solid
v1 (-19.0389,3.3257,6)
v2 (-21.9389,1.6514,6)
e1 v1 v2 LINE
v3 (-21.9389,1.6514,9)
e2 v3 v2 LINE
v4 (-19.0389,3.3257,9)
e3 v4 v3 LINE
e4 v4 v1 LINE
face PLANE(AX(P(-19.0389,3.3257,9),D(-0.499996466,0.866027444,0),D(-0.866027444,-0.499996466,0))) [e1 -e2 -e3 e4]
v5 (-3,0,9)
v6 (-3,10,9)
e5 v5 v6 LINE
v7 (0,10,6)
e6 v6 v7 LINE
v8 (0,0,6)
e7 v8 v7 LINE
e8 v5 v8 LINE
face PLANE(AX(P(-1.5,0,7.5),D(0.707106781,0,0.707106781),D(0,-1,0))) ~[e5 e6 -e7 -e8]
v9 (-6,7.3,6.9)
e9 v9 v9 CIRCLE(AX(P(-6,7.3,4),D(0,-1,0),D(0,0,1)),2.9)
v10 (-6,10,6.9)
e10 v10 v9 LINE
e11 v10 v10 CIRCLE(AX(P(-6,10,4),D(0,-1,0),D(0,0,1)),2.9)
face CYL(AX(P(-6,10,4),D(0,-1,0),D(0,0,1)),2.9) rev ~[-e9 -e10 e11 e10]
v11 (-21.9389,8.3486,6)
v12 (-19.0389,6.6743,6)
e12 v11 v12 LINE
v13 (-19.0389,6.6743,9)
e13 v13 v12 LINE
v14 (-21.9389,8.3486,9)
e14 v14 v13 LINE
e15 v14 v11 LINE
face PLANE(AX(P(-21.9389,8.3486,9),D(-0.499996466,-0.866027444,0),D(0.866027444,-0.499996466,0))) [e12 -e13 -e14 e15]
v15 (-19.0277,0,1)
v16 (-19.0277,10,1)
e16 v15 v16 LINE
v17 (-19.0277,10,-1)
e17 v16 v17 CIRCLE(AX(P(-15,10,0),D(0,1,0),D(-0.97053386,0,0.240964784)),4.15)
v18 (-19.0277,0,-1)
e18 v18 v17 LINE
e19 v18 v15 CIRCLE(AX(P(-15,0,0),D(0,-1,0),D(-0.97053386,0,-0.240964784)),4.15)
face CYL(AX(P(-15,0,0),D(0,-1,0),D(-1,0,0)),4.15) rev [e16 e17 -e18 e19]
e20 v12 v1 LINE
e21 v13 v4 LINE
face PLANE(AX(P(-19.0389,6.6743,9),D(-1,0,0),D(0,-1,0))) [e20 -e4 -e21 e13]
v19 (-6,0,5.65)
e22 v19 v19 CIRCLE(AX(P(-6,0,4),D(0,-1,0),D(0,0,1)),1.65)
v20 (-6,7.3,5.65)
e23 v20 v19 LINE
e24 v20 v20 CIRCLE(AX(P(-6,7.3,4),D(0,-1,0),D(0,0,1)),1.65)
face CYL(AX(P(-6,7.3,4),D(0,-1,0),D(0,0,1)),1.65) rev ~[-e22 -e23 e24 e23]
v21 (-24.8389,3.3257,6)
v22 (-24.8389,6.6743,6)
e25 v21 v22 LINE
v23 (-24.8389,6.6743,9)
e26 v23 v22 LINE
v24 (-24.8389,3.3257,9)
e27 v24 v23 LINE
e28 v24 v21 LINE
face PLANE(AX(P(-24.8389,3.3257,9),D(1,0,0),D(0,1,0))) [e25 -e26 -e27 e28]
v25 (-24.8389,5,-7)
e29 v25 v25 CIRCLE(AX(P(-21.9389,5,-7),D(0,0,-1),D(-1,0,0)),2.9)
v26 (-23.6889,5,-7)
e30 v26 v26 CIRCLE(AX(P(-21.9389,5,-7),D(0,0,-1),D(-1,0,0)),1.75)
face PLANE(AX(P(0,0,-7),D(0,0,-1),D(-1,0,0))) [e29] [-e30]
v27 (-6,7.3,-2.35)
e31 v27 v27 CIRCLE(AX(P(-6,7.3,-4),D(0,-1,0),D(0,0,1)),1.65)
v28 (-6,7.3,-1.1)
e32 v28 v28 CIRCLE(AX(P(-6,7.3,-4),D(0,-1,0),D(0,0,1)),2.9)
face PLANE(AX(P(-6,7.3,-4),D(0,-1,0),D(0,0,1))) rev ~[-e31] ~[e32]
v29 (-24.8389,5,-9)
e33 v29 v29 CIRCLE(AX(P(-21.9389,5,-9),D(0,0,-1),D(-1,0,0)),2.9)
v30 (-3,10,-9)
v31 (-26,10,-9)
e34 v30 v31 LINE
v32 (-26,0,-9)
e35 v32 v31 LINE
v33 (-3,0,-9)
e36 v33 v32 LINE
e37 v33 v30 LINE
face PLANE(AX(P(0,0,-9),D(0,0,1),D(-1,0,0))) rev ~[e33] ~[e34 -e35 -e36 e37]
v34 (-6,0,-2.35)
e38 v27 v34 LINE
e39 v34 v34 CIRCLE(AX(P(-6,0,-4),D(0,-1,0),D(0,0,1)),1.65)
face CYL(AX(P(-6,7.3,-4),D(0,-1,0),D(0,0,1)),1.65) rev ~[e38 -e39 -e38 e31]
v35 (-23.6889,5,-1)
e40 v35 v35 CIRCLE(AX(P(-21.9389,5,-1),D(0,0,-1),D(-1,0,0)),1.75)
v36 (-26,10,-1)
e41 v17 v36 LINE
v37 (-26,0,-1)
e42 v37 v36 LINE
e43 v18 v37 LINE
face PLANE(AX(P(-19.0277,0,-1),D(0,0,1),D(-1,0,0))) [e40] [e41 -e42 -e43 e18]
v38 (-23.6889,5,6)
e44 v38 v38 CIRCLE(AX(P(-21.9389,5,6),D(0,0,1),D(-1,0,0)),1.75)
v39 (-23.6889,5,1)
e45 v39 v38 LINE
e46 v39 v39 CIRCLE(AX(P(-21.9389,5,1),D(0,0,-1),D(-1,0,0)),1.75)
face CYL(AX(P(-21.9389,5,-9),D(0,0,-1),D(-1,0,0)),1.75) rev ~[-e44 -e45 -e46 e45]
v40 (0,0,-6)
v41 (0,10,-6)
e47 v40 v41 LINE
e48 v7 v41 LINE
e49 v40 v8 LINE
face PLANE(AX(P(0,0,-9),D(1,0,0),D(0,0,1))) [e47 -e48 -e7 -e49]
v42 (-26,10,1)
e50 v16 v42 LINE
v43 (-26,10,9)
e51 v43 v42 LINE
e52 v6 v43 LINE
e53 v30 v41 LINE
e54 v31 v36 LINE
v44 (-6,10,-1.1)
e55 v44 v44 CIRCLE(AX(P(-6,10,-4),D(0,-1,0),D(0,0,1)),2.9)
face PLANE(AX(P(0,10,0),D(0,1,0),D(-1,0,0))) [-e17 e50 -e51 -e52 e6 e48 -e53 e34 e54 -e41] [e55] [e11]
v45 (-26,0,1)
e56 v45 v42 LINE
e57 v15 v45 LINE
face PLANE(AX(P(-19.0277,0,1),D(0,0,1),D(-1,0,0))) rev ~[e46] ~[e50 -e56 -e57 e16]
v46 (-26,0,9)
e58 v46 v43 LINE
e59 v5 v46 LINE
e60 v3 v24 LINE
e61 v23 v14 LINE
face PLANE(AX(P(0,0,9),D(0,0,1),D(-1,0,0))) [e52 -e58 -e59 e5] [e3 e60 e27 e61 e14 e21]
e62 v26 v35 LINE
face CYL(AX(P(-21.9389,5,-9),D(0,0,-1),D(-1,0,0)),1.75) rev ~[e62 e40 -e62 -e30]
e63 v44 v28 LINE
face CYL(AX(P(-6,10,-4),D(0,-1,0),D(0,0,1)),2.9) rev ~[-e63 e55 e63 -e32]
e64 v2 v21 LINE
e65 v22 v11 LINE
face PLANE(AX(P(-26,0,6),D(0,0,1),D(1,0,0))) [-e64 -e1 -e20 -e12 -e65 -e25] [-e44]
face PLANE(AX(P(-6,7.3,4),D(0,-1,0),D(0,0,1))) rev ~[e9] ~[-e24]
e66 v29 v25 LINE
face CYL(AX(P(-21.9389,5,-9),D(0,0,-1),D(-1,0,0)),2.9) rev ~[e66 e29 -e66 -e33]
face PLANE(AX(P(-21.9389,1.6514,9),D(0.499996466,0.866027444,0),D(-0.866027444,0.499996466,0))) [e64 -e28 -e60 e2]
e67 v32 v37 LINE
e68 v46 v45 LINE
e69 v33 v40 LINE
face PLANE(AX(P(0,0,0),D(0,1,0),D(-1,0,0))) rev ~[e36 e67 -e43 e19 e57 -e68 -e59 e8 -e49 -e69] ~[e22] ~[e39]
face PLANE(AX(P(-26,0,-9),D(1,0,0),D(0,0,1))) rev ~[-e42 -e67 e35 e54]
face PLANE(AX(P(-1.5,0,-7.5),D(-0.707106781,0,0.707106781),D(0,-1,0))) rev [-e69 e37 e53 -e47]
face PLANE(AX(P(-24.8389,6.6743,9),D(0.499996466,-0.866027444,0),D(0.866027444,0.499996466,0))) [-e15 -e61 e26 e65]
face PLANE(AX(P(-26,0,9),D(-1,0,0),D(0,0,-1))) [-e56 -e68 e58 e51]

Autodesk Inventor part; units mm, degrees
ref_plane "YZ Plane" through (0, 0, 0) normal (1, 0, 0) x (0, 1, 0)
ref_plane "XZ Plane" through (0, 0, 0) normal (0, 1, 0) x (-1, 0, 0)
ref_plane "XY Plane" through (0, 0, 0) normal (0, 0, 1) x (1, 0, 0)
sketch "Sketch1" plane through (0, 0, 0) normal (0, 1, 0) x (-1, 0, 0)
  line L0 (10.85, 0) -> (0, 0)
  line L1 (0, -9) -> (26, -9)
  line L2 (26, -9) -> (26, -1)
  circle A0 centre (15, 0) radius 4.15
  line L3 (19.0277, -1) -> (26, -1)
  line L4 (0, 9) -> (26, 9)
  line L5 (26, 9) -> (26, 1)
  circle A1 centre (15, 0) radius 4.15
  line L6 (19.0277, 1) -> (26, 1)
  line L7 (0, -9) -> (0, 0)
  line L8 (0, 9) -> (0, 0)
  point P0 (19.0277, 1)
  dimension "d2" = 1
  dimension "d3" = 9
  dimension "d4" = 8.3
  dimension "d27" = 15
  dimension "d28" = 26
extrude "Extrusion1" add sketch "Sketch1" along normal blind 10 contours A0 L3 L2 L1 L7 L0 | L0 L8 L4 L5 L6 A0
sketch "Sketch7" plane through (0, 10, 0) normal (0, 1, 0) x (1, 0, 0)
  line L0 (0, -9) -> (0, 9) projected
  line L1 (-31.2, 0) -> (5.2, 0) projected
  arc A0 (-19.0277, -1) -> (-19.0277, 1) centre (-15, 0) ccw projected
  point P0 (0, 0)
  point P1 (-6, -4)
  point P2 (0, 0)
  point P3 (-6, 4)
  dimension "d44" = 8
  dimension "d45" = 9
hole "Hole1" at (-6, 10, 4) at (-6, 10, -4) direction (0, -1, 0) diameter 3.3 end through all counterbore diameter 5.8 counterbore depth 2.7
sketch "Sketch3" plane through (0, 0, -9) normal (0, 0, -1) x (-1, 0, 0)
  circle A0 centre (21.9389, 5) radius 1.75
  line L0 (26, 0) -> (26, 10) projected
  line L1 (10.85, 10) -> (19.0277, 10) projected
  point P0 (0, 0)
  point P1 (26, 5)
  point P2 (14.9389, 10)
  dimension "d15" = 3.5
  dimension "d46" = 7
extrude "Extrusion3" cut sketch "Sketch3" against normal up to surface (18 mm away)
sketch "Sketch4" plane through (-26, 0, 9) normal (0, 0, 1) x (1, 0, 0)
  line L0 (1.1611, 6.6743) -> (4.0611, 8.3486)
  line L1 (4.0611, 8.3486) -> (6.9611, 6.6743)
  line L2 (6.9611, 6.6743) -> (6.9611, 3.3257)
  line L3 (6.9611, 3.3257) -> (4.0611, 1.6514)
  line L4 (4.0611, 1.6514) -> (1.1611, 3.3257)
  line L5 (1.1611, 3.3257) -> (1.1611, 6.6743)
  circle A0 centre (4.0611, 5) radius 1.75 projected
  point P0 (26, 0)
  point P1 (1.1611, 5)
  dimension "d20" = 5.8
extrude "Extrusion4" cut sketch "Sketch4" against normal blind 3
sketch "Sketch5" plane through (0, 0, -9) normal (0, 0, -1) x (-1, 0, 0)
  circle A0 centre (21.9389, 5) radius 2.9
  circle A1 centre (21.9389, 5) radius 1.75 projected
  point P0 (0, 0)
  dimension "d23" = 5.8
extrude "Extrusion5" cut sketch "Sketch5" against normal blind 2
chamfer "Chamfer1" distance 3 angle 45 2 edges at (0, 5, 9) (0, 5, -9)
equation "\"d17\" = d15"
properties part number "Shaft support"
